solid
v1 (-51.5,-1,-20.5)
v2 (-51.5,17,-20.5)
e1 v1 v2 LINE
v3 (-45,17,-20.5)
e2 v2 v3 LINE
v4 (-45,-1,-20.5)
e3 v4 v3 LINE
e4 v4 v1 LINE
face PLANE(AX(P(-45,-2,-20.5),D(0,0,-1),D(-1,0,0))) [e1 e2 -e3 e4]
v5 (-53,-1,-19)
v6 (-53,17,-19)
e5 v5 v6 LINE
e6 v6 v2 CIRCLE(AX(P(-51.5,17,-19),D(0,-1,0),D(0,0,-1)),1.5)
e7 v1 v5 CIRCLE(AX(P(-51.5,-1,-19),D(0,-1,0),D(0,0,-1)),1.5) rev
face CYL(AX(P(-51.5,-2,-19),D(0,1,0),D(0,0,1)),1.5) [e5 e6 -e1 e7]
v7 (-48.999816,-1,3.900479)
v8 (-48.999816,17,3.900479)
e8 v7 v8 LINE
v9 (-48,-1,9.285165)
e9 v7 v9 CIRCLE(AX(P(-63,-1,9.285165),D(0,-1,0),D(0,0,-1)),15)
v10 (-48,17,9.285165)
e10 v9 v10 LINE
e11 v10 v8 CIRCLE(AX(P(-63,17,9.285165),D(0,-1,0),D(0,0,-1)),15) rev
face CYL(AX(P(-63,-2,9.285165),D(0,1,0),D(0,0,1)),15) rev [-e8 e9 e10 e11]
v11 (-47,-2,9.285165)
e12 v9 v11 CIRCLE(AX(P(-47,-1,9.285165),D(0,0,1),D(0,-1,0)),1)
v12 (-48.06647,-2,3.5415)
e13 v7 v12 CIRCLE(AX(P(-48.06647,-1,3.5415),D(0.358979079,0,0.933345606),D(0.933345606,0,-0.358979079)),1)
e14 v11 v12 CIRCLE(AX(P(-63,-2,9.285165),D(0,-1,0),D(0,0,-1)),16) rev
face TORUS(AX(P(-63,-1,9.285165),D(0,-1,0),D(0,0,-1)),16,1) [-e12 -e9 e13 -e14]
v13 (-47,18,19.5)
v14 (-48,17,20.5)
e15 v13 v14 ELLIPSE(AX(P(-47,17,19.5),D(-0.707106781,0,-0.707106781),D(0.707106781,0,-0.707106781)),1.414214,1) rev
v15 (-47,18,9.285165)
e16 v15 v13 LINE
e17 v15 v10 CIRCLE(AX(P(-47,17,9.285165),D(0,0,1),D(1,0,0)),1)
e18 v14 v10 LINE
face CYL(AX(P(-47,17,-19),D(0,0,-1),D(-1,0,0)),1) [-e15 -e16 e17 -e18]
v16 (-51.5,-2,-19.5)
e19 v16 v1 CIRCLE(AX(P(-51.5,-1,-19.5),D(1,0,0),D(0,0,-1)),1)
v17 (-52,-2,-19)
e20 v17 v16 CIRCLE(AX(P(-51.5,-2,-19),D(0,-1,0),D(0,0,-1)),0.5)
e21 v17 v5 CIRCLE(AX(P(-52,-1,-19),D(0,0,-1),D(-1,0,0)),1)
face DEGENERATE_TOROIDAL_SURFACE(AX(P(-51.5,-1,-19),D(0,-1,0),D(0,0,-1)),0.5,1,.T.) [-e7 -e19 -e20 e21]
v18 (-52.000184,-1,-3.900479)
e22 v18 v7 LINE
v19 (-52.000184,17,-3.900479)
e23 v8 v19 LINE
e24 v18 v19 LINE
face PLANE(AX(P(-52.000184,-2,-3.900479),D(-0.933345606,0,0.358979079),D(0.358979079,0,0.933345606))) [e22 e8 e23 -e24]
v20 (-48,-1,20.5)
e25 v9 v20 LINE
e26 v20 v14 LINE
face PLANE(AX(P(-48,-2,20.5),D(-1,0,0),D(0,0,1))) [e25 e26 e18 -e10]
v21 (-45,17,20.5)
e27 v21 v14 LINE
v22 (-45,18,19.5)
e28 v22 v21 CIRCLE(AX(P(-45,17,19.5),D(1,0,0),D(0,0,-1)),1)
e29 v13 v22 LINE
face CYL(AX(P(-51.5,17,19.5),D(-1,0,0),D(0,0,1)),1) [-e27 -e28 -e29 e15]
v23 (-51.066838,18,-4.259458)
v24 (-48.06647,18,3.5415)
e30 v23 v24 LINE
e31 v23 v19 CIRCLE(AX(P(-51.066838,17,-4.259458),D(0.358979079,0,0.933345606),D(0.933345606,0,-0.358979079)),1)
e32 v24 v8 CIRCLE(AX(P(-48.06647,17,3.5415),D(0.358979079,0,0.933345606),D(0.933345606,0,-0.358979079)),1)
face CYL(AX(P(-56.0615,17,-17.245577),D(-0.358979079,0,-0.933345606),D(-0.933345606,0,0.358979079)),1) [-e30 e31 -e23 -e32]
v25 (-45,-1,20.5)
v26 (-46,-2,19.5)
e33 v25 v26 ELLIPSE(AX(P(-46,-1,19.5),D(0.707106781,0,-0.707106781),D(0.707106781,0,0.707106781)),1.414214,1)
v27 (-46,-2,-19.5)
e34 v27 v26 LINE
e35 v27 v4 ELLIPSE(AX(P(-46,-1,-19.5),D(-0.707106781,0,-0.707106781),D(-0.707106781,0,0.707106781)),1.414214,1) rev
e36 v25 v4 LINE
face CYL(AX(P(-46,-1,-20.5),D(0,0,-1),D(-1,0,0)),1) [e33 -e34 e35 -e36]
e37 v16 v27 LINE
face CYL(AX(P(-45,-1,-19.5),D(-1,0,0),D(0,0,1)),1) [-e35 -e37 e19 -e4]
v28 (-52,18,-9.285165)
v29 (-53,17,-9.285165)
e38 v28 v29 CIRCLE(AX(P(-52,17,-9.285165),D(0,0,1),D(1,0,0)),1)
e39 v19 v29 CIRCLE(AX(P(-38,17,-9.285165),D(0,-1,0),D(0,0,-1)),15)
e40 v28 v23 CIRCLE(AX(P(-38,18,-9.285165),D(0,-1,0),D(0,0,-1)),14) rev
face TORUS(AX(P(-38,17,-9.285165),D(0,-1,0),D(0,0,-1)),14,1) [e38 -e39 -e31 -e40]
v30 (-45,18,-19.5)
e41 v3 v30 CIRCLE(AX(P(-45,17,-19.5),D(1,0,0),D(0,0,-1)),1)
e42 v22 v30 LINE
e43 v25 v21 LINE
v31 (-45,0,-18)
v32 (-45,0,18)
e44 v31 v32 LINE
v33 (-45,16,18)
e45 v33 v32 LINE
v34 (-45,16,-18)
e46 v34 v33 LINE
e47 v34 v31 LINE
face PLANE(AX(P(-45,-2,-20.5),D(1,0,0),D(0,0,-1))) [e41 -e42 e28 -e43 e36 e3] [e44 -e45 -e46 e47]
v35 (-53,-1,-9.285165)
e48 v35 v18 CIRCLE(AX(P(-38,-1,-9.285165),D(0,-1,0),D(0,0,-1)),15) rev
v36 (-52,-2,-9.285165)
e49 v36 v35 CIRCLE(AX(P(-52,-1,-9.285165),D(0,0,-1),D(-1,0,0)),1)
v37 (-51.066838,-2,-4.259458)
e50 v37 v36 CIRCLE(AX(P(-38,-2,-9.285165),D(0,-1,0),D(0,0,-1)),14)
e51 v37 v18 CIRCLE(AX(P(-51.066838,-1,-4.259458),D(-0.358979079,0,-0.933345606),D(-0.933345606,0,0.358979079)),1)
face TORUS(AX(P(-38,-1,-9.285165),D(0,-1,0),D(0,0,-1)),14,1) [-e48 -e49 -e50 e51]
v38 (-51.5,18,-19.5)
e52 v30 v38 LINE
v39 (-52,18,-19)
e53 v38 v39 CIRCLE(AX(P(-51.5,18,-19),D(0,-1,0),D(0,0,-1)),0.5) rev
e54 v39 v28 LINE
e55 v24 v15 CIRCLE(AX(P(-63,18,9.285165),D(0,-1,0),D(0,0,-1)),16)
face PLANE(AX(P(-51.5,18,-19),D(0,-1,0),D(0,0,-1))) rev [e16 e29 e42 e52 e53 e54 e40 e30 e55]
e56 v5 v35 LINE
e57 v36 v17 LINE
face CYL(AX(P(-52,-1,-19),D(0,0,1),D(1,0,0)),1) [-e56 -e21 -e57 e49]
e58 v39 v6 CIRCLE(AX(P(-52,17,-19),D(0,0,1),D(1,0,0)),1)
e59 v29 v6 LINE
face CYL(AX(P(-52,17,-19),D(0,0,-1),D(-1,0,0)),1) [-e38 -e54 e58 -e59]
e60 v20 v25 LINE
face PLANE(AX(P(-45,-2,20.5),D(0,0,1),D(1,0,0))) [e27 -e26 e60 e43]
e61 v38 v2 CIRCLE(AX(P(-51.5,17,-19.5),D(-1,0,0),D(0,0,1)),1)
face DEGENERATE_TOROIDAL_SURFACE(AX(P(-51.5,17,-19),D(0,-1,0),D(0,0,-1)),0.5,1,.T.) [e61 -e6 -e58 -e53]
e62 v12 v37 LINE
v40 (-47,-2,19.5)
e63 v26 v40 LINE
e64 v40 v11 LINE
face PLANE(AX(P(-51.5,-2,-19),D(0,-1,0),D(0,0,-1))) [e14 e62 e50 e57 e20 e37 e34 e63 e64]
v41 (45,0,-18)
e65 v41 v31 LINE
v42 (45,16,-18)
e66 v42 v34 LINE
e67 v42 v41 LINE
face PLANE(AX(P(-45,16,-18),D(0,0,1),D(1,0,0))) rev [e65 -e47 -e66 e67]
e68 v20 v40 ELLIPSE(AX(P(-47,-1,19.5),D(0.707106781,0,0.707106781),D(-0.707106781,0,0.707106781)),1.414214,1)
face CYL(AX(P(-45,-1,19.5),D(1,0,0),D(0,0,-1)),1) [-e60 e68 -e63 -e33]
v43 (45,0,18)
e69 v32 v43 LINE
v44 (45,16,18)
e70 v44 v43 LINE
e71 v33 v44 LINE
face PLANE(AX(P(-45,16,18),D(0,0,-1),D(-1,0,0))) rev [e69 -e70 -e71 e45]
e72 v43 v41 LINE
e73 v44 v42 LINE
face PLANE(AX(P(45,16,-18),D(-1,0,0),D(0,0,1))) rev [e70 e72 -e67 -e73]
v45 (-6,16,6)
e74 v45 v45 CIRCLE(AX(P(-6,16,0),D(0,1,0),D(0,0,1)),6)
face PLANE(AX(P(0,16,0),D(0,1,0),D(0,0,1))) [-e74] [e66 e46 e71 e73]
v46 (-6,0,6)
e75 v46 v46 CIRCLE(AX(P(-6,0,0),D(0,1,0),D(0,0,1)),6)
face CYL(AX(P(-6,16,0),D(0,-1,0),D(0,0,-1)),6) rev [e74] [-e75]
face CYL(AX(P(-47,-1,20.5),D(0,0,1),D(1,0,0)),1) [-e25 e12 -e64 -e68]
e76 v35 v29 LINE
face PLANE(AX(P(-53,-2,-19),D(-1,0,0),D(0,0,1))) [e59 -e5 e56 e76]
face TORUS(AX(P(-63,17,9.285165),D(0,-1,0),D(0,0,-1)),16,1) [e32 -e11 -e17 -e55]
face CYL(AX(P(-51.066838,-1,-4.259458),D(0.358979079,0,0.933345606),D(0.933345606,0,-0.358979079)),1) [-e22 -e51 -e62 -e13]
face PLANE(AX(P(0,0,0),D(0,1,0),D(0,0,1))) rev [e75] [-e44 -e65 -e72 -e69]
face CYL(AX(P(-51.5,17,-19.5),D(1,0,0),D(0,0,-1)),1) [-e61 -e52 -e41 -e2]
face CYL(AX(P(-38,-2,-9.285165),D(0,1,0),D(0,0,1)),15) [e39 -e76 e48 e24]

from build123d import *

# Parameters (mm, degrees)
SKETCH_1_W      = 90
SKETCH_1_H      = 36
SKETCH_1_R      = 6
EXTRUDE_1_DEPTH = 16
EXTRUDE_2_DEPTH = 20
FILLET_1_R      = 1
FILLET_2_R      = 1


with BuildPart() as part:
    # Эскиз1 → Бобышка-Вытянуть1 (new body)
    with BuildSketch(Plane(origin=(0, 0, 0), x_dir=(1, 0, 0), z_dir=(0, 1, 0))):
        Rectangle(SKETCH_1_W, SKETCH_1_H)
        with Locations(Location((-6, 0, 0), (0, 0, 270))):
            Circle(SKETCH_1_R, mode=Mode.SUBTRACT)
    extrude(amount=EXTRUDE_1_DEPTH)

    # Эскиз3 → Бобышка-Вытянуть2 (add)
    with BuildSketch(Plane(origin=(0, 18, 0), x_dir=(1, 0, 0), z_dir=(0, 1, 0))):
        with BuildLine():
            Line((-45, 20.5), (-45, -20.5))
            Line((-45, -20.5), (-48, -20.5))
            Line((-48, -20.5), (-48, -9.285164832))
            ThreePointArc((-48, -9.285164832), (-48.252071986, -6.546804135), (-48.999815907, -3.900478642))
            Line((-48.999815907, -3.900478642), (-52.000184093, 3.900478642))
            ThreePointArc((-52.000184093, 3.900478642), (-52.747928014, 6.546804135), (-53, 9.285164832))
            Line((-53, 9.285164832), (-53, 19))
            ThreePointArc((-53, 19), (-52.560660172, 20.060660172), (-51.5, 20.5))
            Line((-51.5, 20.5), (-45, 20.5))
        make_face()
    extrude(amount=-EXTRUDE_2_DEPTH)

    # Скругление1
    fillet_1_edges = [part.edges().sort_by_distance(p)[0] for p in [
        (-48.25, 18, -20.5),
        (-52.560660172, 18, -20.060660172),
        (-53, 18, -14.142582416),
        (-52.747928014, 18, -6.546804135),
        (-50.5, 18, 0),
        (-48.252071986, 18, 6.546804135),
        (-48, 18, 14.892582416),
        (-46.5, 18, 20.5),
    ]]
    fillet(fillet_1_edges, radius=FILLET_1_R)

    # Скругление2
    fillet_2_edges = [part.edges().sort_by_distance(p)[0] for p in [
        (-45, -2, 0),
        (-48.25, -2, -20.5),
        (-46.5, -2, 20.5),
        (-48, -2, 14.892582416),
        (-48.252071986, -2, 6.546804135),
        (-50.5, -2, 0),
        (-52.747928014, -2, -6.546804135),
        (-53, -2, -14.142582416),
        (-52.560660172, -2, -20.060660172),
    ]]
    fillet(fillet_2_edges, radius=FILLET_2_R)


solid = part.part
